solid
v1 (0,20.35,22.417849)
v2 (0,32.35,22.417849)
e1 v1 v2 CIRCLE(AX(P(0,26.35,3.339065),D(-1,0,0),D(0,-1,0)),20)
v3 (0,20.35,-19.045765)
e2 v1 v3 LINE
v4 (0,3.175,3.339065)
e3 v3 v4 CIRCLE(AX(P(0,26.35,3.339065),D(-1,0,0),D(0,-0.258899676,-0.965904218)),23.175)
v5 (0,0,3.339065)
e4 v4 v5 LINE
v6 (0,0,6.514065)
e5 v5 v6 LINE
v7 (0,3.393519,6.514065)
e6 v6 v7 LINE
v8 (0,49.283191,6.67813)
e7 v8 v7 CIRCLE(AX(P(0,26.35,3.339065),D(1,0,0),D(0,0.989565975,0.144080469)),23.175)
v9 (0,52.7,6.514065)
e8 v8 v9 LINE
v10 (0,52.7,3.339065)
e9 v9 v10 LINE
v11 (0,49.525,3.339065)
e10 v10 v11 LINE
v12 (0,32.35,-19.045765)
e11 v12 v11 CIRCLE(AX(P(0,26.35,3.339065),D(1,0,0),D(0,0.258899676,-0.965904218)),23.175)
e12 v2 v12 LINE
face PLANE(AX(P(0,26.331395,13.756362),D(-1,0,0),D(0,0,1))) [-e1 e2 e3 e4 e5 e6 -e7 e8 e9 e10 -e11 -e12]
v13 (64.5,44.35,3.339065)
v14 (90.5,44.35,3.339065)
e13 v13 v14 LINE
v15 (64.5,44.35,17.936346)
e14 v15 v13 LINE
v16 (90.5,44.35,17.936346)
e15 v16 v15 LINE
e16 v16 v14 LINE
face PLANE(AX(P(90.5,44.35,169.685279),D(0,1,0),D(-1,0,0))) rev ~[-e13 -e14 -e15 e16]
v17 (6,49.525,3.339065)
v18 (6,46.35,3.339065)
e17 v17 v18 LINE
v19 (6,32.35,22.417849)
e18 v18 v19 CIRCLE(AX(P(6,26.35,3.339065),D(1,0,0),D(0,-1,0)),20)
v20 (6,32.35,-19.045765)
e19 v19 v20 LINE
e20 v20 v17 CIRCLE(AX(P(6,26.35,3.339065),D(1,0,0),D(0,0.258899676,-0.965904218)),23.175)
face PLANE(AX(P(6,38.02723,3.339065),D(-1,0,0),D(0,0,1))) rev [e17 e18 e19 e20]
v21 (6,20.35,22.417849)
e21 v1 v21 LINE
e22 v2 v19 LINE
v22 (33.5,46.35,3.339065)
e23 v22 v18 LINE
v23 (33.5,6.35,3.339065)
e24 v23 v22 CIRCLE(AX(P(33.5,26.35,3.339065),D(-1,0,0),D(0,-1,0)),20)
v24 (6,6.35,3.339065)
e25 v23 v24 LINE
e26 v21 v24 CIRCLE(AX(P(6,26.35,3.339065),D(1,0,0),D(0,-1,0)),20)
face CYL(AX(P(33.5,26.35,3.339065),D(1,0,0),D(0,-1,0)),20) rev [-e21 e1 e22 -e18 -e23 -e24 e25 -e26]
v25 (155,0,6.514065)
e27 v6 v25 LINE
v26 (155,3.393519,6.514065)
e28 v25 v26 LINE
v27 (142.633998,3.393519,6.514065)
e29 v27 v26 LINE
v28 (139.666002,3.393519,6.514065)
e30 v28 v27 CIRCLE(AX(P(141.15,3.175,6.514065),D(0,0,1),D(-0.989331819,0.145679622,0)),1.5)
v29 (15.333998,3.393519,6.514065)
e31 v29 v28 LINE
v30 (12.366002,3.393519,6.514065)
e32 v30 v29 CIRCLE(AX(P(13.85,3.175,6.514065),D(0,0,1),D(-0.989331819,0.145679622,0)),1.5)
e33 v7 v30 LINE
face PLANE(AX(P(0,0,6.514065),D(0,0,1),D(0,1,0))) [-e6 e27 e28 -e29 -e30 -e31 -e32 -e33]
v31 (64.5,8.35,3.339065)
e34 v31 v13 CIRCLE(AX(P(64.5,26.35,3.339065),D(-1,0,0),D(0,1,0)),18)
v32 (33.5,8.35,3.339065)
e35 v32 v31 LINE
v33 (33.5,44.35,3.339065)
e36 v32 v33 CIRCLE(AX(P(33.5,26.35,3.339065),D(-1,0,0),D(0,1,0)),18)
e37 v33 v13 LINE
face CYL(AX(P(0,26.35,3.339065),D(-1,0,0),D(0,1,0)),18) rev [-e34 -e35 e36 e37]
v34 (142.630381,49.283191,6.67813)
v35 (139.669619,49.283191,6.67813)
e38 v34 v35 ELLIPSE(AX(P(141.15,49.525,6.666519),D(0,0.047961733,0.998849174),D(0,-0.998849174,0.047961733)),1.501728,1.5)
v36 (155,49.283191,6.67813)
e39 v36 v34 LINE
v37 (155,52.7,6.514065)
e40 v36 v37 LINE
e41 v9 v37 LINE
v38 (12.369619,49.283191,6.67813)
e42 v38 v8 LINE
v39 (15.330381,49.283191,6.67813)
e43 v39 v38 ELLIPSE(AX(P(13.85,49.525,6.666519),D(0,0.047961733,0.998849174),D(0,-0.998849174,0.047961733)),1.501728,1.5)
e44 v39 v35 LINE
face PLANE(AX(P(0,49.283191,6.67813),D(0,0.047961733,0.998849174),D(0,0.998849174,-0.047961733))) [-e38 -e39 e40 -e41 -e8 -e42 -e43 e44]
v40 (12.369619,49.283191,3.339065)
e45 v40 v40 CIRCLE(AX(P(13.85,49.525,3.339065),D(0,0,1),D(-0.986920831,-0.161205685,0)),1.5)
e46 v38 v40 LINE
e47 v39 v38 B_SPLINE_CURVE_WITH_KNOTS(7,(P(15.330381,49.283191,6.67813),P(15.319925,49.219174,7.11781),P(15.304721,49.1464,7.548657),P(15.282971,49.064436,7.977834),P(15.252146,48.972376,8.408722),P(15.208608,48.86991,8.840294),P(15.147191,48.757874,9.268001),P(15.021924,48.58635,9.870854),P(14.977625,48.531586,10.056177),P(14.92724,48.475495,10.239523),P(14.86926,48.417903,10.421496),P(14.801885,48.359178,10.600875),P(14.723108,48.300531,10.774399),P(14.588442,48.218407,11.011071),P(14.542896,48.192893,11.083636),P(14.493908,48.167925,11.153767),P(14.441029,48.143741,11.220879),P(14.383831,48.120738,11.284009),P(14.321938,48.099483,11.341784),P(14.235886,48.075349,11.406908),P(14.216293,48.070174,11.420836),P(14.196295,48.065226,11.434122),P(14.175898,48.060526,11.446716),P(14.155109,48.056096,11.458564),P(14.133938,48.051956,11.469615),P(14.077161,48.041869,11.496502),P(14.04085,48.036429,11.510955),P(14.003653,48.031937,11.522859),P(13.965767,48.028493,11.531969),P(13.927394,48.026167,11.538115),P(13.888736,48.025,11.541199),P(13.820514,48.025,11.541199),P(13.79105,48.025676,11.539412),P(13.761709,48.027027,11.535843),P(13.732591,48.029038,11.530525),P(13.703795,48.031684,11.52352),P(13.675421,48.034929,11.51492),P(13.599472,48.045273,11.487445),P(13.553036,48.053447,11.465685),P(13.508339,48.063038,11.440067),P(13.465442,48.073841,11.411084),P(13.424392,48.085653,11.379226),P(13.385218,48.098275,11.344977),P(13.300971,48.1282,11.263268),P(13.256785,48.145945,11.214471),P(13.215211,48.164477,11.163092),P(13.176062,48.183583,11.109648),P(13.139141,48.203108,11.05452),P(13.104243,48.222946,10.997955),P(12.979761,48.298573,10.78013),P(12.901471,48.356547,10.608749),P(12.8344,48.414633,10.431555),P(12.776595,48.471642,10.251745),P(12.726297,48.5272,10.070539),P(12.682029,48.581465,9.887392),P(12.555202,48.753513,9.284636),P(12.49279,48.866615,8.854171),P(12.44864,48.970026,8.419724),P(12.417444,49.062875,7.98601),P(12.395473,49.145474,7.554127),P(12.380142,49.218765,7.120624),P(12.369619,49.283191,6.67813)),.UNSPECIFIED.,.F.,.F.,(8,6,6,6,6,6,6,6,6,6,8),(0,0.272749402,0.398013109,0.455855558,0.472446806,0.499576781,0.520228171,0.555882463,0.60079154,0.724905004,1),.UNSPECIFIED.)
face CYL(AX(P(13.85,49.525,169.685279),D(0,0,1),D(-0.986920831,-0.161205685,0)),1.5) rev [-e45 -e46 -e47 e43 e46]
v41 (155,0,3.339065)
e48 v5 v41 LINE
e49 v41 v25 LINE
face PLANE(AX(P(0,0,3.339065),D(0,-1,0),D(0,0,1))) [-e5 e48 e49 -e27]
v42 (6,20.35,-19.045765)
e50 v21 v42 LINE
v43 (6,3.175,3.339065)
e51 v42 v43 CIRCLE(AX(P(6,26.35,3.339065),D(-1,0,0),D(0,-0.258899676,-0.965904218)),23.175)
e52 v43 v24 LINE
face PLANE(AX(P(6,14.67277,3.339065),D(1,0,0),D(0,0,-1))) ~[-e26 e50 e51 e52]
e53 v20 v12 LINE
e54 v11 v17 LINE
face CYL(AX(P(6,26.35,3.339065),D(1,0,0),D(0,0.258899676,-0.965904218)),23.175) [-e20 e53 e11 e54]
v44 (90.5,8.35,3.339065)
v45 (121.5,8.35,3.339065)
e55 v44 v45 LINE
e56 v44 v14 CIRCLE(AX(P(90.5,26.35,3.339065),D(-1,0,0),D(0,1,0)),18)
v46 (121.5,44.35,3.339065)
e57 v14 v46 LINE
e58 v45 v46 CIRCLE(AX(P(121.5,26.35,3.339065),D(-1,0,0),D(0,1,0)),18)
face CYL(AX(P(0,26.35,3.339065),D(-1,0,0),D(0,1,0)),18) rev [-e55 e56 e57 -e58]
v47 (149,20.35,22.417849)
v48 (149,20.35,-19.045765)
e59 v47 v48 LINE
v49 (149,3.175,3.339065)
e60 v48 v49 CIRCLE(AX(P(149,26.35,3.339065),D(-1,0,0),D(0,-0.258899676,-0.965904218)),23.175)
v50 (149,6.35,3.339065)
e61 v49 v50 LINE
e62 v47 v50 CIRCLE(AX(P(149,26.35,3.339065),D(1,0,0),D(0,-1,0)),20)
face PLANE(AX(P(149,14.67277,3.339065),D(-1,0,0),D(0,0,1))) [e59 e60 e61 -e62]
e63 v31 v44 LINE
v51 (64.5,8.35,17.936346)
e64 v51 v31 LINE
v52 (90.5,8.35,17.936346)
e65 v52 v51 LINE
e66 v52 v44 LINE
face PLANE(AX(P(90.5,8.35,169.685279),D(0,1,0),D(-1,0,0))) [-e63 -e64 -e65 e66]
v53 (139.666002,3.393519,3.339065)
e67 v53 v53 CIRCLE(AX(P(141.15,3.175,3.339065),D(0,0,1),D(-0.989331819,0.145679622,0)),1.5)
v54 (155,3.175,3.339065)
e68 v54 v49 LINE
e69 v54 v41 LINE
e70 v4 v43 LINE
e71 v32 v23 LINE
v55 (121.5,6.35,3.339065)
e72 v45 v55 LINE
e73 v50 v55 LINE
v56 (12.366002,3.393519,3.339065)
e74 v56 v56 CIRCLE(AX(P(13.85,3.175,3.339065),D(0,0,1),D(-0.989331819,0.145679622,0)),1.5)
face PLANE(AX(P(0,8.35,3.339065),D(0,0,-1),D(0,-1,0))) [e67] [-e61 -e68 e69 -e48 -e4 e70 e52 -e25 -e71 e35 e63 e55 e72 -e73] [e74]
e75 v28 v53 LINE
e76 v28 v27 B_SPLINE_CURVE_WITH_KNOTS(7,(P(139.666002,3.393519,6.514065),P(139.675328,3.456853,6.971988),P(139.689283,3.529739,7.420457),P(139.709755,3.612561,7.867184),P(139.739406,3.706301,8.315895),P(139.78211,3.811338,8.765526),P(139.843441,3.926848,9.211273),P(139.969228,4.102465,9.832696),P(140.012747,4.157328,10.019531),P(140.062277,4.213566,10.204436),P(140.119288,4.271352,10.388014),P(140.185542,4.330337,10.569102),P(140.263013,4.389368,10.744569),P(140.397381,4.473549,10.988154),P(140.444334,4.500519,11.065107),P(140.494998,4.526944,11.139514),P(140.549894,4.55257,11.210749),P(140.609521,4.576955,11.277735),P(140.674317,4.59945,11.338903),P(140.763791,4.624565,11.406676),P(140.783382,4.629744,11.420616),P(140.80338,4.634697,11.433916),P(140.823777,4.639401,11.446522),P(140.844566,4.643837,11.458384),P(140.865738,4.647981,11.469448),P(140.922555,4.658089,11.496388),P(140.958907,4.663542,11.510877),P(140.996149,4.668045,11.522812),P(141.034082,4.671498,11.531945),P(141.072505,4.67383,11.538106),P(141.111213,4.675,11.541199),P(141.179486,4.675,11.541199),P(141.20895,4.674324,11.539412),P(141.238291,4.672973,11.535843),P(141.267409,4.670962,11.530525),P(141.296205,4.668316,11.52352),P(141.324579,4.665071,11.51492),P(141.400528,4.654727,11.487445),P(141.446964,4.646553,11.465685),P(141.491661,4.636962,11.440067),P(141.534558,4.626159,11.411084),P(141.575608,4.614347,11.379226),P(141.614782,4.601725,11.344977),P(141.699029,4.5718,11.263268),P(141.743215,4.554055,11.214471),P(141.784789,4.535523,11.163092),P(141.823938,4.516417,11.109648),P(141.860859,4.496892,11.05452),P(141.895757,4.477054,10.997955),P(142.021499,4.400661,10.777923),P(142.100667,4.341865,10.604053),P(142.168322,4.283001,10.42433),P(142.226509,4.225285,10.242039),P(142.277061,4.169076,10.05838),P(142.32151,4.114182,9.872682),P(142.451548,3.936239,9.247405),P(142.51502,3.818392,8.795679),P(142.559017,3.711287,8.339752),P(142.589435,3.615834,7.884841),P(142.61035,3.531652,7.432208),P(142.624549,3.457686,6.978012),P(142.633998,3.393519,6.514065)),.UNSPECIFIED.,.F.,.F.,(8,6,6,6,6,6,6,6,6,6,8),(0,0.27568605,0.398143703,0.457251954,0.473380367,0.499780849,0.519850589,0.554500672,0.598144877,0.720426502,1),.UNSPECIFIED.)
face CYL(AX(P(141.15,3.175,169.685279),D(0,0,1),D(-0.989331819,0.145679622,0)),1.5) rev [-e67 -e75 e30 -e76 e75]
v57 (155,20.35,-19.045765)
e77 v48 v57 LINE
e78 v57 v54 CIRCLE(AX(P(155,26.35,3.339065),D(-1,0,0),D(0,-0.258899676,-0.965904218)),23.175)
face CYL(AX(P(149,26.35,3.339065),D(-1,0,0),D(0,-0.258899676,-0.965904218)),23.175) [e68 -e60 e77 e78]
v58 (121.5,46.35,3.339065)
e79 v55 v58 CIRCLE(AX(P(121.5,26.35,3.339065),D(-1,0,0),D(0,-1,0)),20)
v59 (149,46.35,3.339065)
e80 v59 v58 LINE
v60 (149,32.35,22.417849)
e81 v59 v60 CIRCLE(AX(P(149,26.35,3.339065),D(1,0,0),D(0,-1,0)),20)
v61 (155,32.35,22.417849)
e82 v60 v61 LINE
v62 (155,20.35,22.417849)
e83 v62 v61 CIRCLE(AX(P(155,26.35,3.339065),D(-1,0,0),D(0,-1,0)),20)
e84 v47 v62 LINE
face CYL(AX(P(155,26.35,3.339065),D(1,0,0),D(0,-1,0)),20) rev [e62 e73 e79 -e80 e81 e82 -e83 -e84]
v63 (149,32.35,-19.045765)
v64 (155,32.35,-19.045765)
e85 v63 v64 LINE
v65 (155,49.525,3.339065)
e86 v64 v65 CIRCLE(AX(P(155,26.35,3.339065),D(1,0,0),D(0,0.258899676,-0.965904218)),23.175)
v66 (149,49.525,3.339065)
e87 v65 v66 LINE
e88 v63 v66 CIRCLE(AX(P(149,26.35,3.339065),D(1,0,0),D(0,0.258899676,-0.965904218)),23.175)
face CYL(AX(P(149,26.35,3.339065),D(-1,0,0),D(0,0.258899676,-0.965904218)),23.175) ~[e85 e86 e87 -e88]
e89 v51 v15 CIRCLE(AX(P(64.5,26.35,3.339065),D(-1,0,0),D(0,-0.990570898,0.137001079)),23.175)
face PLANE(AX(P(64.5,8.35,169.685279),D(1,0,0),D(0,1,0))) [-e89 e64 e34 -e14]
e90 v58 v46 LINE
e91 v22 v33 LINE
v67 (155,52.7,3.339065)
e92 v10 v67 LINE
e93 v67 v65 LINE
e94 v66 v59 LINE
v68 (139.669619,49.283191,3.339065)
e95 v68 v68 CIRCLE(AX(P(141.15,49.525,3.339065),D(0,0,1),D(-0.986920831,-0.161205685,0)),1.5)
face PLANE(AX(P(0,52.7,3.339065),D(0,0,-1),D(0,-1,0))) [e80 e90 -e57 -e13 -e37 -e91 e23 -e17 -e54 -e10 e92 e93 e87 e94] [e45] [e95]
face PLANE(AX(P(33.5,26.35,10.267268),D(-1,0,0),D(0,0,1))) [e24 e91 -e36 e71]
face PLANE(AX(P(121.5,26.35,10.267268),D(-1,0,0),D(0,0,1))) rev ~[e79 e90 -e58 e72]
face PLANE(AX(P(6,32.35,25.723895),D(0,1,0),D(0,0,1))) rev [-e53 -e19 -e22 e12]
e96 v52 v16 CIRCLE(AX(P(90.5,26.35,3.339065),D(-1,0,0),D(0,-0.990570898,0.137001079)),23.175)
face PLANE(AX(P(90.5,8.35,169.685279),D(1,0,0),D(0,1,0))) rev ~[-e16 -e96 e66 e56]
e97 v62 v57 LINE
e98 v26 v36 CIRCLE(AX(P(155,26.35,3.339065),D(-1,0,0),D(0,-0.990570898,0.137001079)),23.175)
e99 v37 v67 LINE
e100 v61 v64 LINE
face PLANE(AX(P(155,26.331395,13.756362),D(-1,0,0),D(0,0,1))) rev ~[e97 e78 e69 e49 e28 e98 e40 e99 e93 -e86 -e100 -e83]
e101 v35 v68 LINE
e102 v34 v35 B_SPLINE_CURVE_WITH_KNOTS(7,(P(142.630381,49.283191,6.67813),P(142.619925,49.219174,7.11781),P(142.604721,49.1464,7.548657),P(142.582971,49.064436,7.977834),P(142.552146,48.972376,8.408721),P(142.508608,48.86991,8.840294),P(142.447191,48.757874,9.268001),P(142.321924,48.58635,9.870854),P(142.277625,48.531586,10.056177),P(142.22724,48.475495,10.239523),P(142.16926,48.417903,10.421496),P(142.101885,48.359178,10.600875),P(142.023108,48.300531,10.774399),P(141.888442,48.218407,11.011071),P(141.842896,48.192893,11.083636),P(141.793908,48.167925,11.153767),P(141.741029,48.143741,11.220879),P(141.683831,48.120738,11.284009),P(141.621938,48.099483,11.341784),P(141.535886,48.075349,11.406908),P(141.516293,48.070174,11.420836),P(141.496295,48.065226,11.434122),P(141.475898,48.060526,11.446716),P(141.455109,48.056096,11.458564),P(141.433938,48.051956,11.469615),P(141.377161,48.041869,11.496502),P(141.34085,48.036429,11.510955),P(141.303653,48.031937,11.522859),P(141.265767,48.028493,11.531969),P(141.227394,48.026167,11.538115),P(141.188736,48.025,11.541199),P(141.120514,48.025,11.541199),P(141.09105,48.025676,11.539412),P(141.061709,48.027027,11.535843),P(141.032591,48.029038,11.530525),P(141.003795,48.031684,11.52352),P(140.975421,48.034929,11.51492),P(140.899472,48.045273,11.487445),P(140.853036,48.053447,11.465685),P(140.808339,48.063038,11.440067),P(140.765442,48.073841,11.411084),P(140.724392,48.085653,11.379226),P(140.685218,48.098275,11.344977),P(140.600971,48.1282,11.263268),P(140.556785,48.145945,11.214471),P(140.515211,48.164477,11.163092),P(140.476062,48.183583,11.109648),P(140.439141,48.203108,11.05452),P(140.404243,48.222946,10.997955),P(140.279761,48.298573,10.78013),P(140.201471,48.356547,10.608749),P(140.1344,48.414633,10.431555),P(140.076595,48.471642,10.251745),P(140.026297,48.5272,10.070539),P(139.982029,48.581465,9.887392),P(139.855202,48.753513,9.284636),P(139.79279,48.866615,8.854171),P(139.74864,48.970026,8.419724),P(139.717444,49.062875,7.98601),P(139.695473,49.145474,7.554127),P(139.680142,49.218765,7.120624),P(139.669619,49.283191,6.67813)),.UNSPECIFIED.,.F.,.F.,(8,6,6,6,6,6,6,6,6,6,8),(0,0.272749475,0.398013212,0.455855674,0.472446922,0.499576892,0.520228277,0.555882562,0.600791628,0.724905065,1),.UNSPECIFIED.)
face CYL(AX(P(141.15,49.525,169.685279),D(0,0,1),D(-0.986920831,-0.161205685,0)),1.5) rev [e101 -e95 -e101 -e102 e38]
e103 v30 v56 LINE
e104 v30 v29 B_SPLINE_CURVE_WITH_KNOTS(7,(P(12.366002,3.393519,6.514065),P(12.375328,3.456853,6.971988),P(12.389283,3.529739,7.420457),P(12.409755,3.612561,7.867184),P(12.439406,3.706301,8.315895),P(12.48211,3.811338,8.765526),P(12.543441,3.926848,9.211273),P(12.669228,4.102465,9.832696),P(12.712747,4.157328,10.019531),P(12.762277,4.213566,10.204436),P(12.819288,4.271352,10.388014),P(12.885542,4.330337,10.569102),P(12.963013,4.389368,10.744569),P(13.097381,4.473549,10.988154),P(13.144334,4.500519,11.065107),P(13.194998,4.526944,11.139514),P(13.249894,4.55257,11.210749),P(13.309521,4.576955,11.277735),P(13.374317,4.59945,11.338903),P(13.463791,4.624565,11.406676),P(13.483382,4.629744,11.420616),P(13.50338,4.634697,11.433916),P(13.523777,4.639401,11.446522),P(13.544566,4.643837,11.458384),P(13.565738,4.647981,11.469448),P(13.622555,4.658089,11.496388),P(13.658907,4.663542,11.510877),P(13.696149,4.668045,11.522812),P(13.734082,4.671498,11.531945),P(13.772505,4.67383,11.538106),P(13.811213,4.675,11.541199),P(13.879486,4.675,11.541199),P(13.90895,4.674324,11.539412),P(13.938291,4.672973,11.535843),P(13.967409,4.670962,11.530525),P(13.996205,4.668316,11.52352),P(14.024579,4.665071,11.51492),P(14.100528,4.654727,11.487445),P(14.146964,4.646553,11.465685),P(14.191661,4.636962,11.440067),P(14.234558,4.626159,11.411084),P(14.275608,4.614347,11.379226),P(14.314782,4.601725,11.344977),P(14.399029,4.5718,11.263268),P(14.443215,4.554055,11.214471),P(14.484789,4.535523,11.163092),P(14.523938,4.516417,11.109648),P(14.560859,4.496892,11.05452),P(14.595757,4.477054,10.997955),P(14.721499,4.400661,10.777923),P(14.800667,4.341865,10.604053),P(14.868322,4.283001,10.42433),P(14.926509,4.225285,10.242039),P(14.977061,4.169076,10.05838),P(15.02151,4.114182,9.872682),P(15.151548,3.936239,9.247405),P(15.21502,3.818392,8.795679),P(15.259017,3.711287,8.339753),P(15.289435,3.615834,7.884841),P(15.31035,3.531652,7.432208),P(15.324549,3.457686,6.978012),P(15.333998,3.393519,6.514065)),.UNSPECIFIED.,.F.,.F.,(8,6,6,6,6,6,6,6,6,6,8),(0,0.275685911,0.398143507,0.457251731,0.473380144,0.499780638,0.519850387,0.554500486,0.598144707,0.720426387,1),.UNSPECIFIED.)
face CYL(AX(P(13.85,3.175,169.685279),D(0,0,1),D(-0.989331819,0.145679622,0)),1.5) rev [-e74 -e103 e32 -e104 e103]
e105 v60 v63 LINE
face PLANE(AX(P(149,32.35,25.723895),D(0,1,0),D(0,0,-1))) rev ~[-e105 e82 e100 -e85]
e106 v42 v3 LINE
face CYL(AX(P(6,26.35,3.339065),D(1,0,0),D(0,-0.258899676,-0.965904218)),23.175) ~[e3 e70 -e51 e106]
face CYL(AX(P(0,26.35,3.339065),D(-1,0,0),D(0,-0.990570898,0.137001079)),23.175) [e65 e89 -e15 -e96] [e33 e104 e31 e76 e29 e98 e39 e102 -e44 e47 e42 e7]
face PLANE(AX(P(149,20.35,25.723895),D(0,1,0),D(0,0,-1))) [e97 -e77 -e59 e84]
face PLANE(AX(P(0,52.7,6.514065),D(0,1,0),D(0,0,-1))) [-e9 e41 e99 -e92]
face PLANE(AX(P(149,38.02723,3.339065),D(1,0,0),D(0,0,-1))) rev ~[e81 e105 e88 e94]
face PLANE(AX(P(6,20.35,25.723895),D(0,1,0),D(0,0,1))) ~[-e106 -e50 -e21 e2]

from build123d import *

# Parameters (mm, degrees)
BOSS_EXTRUDE1_DEPTH     = 155
CUT_EXTRUDE1_DEPTH      = 33.5
CUT_EXTRUDE2_START      = -33.5
CUT_EXTRUDE2_DEPTH      = 33.5
CUT_EXTRUDE3_DEPTH      = 166.346214426
CUT_EXTRUDE3_DEPTH_BACK = 166.346214426
SKETCH4_W               = 26
SKETCH4_H               = 36
CUT_EXTRUDE4_DEPTH      = 166.346214426
CUT_EXTRUDE4_DEPTH_BACK = 166.346214426
SKETCH5_R               = 1.5
BOSS_EXTRUDE2_START     = -6
BOSS_EXTRUDE2_DEPTH     = 6


with BuildPart() as part:
    # Sketch1 → Boss-Extrude1 (new body)
    with BuildSketch(Plane(origin=(0, 0, 0), x_dir=(0, 0, -1), z_dir=(1, 0, 0))):
        with BuildLine():
            Line((-6.678129735, 49.283191466), (-6.514064867, 52.7))
            Line((-6.514064867, 52.7), (-3.339064867, 52.7))
            Line((-3.339064867, 52.7), (-3.339064867, 44.35))
            ThreePointArc((-3.339064867, 44.35), (-21.339064867, 26.35), (-3.339064867, 8.35))
            Line((-3.339064867, 8.35), (-3.339064867, 0))
            Line((-3.339064867, 0), (-6.514064867, 0))
            Line((-6.514064867, 0), (-6.514064867, 3.393519434))
            ThreePointArc((-6.514064867, 3.393519434), (-26.513916757, 26.267145213), (-6.678129735, 49.283191466))
        make_face()
    extrude(amount=BOSS_EXTRUDE1_DEPTH)

    # Sketch2 → Cut-Extrude1 (cut)
    with BuildSketch(Plane(origin=(155, 0, 0), x_dir=(0, 0, -1), z_dir=(1, 0, 0))):
        with BuildLine():
            Line((-3.339064867, 46.35), (-3.339064867, 6.35))
            ThreePointArc((-3.339064867, 6.35), (-23.339064867, 26.35), (-3.339064867, 46.35))
        make_face()
    extrude(amount=-CUT_EXTRUDE1_DEPTH, mode=Mode.SUBTRACT)

    # Sketch3 → Cut-Extrude2 (cut)
    with BuildSketch(Plane.ZY.offset(CUT_EXTRUDE2_START)):
        with BuildLine():
            Line((3.339064867, 46.35), (3.339064867, 6.35))
            ThreePointArc((3.339064867, 6.35), (23.339064867, 26.35), (3.339064867, 46.35))
        make_face()
    extrude(amount=CUT_EXTRUDE2_DEPTH, mode=Mode.SUBTRACT)

    # Sketch4 → Cut-Extrude3 (cut, two sides: drawn at the far end of the back side and taken through both)
    with BuildSketch(Plane(origin=(0, 0, 3.339064867), x_dir=(-1, 0, 0), z_dir=(0, 0, -1)).offset(-CUT_EXTRUDE3_DEPTH_BACK)):
        with Locations((-77.5, 26.35)):
            Rectangle(SKETCH4_W, SKETCH4_H)
    extrude(amount=CUT_EXTRUDE3_DEPTH + CUT_EXTRUDE3_DEPTH_BACK, mode=Mode.SUBTRACT)

    # Sketch5 → Cut-Extrude4 (cut, two sides: drawn at the far end of the back side and taken through both)
    with BuildSketch(Plane(origin=(0, 0, 3.339064867), x_dir=(-1, 0, 0), z_dir=(0, 0, -1)).offset(-CUT_EXTRUDE4_DEPTH_BACK)):
        with Locations((-141.15, 49.525)):
            Circle(SKETCH5_R)
        with Locations((-141.15, 3.175)):
            Circle(SKETCH5_R)
        with Locations((-13.85, 49.525)):
            Circle(SKETCH5_R)
        with Locations((-13.85, 3.175)):
            Circle(SKETCH5_R)
    extrude(amount=CUT_EXTRUDE4_DEPTH + CUT_EXTRUDE4_DEPTH_BACK, mode=Mode.SUBTRACT)

    # Sketch6 → Boss-Extrude2 (add)
    with BuildSketch(Plane(origin=(155, 0, 0), x_dir=(0, 0, -1), z_dir=(1, 0, 0)).offset(BOSS_EXTRUDE2_START)):
        with BuildLine():
            Line((-25.72389511, 32.35), (19.045765375, 32.35))
            ThreePointArc((19.045765375, 32.35), (-3.339064867, 49.525), (-25.72389511, 32.35))
        make_face()
        with BuildLine():
            Line((-25.72389511, 20.35), (19.045765375, 20.35))
            ThreePointArc((19.045765375, 20.35), (-3.339064867, 3.175), (-25.72389511, 20.35))
        make_face()
    boss_extrude2 = extrude(amount=BOSS_EXTRUDE2_DEPTH)

    # Mirror1: Boss-Extrude2 across plane
    add(boss_extrude2.mirror(Plane(origin=(77.5, 0, 0), x_dir=(0, 0, 1), z_dir=(1, 0, 0))))


solid = part.part
